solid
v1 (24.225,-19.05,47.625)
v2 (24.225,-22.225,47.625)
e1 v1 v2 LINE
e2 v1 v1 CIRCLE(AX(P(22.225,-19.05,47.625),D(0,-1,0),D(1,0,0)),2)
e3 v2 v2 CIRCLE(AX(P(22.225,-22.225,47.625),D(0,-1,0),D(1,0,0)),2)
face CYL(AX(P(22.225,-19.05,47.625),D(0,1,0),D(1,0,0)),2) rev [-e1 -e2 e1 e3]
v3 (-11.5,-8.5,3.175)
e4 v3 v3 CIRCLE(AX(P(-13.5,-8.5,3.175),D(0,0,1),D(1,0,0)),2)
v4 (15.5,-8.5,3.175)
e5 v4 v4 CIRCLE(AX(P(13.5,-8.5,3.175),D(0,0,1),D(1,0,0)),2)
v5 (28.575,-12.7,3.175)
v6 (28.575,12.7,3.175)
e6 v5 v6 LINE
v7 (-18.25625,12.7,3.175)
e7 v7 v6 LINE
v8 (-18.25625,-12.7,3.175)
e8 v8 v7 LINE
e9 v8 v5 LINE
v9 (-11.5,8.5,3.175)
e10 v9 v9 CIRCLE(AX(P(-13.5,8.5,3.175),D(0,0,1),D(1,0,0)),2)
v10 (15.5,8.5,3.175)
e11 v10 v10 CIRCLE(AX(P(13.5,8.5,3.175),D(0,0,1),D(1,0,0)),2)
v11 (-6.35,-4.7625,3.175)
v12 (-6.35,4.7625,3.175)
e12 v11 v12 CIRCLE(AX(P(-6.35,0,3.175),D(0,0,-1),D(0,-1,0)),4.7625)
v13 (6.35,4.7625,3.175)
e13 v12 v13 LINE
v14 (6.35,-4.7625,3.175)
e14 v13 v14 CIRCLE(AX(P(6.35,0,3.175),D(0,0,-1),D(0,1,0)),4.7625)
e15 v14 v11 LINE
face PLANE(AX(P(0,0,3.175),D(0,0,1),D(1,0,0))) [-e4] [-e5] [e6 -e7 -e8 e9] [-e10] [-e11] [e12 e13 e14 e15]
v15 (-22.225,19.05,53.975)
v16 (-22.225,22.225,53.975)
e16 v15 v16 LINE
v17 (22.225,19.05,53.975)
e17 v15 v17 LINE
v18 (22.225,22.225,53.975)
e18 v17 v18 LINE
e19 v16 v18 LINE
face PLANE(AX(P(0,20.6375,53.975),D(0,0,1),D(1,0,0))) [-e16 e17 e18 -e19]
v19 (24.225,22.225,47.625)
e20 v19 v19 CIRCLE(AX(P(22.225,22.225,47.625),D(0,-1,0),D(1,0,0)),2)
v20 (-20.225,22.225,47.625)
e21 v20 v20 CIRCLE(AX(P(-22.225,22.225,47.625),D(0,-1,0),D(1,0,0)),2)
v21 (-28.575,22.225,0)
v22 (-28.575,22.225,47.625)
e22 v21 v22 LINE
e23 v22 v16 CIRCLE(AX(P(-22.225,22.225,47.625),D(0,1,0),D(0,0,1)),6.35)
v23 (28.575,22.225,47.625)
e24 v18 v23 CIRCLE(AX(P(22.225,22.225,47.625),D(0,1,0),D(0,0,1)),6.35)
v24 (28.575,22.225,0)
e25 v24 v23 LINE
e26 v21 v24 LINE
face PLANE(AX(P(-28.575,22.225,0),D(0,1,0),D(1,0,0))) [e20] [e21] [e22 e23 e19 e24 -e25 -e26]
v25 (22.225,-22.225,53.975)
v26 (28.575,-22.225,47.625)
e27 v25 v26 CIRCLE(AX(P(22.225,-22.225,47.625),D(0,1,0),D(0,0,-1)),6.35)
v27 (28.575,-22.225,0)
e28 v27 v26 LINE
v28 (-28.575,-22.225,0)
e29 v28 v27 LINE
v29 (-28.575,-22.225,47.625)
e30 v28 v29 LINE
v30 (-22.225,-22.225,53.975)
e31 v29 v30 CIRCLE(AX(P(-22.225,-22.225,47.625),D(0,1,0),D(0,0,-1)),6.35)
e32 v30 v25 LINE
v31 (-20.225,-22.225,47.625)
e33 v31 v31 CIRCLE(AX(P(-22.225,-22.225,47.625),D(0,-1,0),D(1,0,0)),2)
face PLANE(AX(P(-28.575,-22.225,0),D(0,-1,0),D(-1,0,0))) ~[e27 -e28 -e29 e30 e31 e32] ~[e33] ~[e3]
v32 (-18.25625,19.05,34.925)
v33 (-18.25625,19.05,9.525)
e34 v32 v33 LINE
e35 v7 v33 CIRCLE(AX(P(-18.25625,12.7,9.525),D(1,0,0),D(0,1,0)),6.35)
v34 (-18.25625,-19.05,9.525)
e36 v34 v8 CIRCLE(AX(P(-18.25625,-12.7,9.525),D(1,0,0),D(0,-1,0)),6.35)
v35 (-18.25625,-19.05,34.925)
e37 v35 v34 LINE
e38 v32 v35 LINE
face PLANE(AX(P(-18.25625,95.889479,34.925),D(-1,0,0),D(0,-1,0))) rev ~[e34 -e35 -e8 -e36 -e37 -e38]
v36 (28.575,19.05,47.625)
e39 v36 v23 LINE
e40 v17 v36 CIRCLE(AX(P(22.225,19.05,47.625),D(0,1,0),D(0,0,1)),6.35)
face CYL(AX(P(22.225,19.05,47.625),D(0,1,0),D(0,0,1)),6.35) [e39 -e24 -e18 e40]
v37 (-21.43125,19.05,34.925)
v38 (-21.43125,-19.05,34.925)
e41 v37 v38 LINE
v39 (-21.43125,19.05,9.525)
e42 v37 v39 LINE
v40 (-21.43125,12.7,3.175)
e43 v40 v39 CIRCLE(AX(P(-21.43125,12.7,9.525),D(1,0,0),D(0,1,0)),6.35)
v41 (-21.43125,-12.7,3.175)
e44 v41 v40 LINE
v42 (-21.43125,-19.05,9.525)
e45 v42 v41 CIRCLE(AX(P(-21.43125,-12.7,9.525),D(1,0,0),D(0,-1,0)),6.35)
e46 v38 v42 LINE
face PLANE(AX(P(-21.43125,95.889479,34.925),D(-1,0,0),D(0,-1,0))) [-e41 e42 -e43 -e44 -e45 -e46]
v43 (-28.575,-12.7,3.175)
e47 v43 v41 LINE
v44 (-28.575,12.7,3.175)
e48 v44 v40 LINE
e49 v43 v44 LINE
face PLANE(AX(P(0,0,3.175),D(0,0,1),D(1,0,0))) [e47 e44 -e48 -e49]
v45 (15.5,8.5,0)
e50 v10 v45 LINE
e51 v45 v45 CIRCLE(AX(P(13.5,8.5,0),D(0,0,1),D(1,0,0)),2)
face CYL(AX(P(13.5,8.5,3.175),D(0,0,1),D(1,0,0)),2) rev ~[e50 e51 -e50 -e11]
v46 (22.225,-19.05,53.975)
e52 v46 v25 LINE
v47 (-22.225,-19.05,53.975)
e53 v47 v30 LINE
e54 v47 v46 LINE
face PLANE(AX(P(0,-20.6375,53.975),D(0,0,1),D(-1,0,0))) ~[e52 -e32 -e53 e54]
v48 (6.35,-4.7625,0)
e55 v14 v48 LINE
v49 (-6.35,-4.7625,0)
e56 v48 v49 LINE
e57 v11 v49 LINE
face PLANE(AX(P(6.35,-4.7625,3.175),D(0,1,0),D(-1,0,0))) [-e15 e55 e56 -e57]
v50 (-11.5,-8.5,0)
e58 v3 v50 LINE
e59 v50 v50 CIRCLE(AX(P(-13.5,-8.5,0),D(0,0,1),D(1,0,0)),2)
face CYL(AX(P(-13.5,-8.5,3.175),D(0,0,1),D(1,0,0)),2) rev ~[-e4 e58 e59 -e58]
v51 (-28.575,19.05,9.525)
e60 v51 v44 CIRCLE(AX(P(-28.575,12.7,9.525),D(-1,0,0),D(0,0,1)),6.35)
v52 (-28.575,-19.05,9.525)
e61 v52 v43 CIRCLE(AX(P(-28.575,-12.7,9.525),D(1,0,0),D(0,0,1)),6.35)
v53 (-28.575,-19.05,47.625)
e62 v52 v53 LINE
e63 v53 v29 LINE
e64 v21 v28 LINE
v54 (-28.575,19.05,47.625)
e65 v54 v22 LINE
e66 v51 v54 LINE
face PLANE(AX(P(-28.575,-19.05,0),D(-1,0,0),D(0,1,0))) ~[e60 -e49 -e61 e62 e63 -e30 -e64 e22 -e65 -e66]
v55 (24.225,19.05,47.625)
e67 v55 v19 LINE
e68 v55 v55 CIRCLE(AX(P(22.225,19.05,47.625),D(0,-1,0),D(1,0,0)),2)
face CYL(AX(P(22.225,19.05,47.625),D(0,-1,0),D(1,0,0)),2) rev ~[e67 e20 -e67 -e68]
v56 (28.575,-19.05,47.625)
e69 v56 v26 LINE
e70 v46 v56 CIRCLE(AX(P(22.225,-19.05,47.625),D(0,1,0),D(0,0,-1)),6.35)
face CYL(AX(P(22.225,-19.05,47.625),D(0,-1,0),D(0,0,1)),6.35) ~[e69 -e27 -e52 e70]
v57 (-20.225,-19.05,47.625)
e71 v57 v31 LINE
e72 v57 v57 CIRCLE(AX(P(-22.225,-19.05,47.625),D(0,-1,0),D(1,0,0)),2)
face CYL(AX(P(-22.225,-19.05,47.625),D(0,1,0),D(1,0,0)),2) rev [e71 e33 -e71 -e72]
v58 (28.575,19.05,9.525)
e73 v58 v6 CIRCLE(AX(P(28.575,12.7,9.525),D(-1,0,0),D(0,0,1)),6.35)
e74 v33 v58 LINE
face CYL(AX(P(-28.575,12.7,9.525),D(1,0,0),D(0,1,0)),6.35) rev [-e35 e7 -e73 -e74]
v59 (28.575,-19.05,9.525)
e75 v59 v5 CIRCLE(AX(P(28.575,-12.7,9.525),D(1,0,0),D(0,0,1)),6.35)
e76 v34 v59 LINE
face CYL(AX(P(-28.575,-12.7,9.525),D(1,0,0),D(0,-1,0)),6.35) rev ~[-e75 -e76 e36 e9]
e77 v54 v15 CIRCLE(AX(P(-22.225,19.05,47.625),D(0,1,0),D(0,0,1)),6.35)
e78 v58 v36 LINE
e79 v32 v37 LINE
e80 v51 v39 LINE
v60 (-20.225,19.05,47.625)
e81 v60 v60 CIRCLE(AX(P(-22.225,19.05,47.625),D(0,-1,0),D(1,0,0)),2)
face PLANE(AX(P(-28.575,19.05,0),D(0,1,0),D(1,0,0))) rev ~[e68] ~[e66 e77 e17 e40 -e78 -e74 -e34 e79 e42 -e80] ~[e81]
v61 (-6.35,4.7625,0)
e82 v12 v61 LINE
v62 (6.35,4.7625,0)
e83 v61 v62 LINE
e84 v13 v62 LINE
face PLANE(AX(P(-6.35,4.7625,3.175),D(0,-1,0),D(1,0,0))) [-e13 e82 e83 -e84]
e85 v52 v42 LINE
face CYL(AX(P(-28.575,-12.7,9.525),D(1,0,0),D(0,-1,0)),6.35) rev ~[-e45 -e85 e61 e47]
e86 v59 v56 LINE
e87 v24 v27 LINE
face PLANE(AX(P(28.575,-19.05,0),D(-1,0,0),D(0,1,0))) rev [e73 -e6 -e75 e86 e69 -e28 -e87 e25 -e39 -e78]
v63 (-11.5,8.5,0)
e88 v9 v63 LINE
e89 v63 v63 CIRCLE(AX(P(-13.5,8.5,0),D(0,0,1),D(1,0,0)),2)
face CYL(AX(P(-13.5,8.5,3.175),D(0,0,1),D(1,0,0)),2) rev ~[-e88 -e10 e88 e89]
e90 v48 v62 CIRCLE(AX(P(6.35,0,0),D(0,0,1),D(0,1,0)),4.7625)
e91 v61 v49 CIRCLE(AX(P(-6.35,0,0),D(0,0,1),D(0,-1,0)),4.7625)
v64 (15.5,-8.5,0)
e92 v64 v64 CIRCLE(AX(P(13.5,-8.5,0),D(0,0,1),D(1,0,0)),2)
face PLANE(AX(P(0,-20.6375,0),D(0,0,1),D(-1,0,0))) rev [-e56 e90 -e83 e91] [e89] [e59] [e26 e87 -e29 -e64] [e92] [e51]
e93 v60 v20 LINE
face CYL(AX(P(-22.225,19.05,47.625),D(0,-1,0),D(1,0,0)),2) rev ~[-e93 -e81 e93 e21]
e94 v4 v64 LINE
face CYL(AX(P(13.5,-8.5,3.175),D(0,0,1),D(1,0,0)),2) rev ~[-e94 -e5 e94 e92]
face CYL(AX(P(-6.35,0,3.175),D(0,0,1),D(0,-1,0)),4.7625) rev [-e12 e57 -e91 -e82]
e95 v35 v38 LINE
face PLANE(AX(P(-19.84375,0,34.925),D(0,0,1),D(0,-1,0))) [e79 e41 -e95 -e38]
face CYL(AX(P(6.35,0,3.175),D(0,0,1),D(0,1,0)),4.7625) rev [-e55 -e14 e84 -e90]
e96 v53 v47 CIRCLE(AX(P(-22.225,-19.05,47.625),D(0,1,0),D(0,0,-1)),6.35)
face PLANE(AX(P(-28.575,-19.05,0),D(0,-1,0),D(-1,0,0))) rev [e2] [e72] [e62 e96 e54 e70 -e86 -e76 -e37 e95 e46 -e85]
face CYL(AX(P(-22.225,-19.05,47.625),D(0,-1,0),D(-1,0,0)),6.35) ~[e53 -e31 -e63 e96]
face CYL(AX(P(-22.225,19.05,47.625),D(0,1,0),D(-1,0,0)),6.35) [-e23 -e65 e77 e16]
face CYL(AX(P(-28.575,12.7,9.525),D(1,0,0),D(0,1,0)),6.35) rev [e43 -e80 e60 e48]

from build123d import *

# Parameters (mm, degrees)
SKETCH1_W            = 57.15
SKETCH1_H            = 38.1
BOSS_EXTRUDE1_DEPTH  = 3.175
SKETCH2_R            = 2
CUT_EXTRUDE1_DEPTH   = 35.48932806
BOSS_EXTRUDE2_START  = -3.175
SKETCH3_W            = 57.15
SKETCH3_H            = 3.175
BOSS_EXTRUDE2_DEPTH  = 53.975
CUT_EXTRUDE2_REACH   = 73.982
SKETCH5_R            = 2
FILLET1_R            = 6.35
FILLET1_OF_MIRROR1_R = 6.35
RIB1_REACH           = 77.839
SKETCH7_WALL_W       = 191.77895835
SKETCH7_WALL_H       = 3.175


with BuildPart() as part:
    # Sketch1 → Boss-Extrude1 (new body)
    with BuildSketch(Plane.XY):
        Rectangle(SKETCH1_W, SKETCH1_H)
    extrude(amount=BOSS_EXTRUDE1_DEPTH)

    # Sketch2 → Cut-Extrude1 (cut, through all)
    with BuildSketch(Plane.XY.offset(3.175)):
        with Locations((-13.5, 8.5)):
            Circle(SKETCH2_R)
        with Locations((13.5, 8.5)):
            Circle(SKETCH2_R)
        with Locations((13.5, -8.5)):
            Circle(SKETCH2_R)
        with Locations((-13.5, -8.5)):
            Circle(SKETCH2_R)
        with BuildLine():
            Line((-6.35, 4.7625), (6.35, 4.7625))
            ThreePointArc((6.35, 4.7625), (11.1125, 0), (6.35, -4.7625))
            Line((6.35, -4.7625), (-6.35, -4.7625))
            ThreePointArc((-6.35, -4.7625), (-11.1125, 0), (-6.35, 4.7625))
        make_face()
    extrude(amount=-CUT_EXTRUDE1_DEPTH, mode=Mode.SUBTRACT)

    # Sketch3 → Boss-Extrude2 (add)
    with BuildSketch(Plane.XY.offset(3.175).offset(BOSS_EXTRUDE2_START)):
        with Locations((0, 20.6375)):
            Rectangle(SKETCH3_W, SKETCH3_H)
    boss_extrude2 = extrude(amount=BOSS_EXTRUDE2_DEPTH)

    # Sketch5 → Cut-Extrude2 (cut, up to next)
    with BuildSketch(Plane.XZ.offset(-19.05), mode=Mode.PRIVATE) as cut_extrude2_sk1:
        with Locations((-22.225, 47.625)):
            Circle(SKETCH5_R)
    cut_extrude2_tool1 = extrude(cut_extrude2_sk1.sketch, amount=-CUT_EXTRUDE2_REACH, mode=Mode.PRIVATE) & part.part
    # Sketch5 → Cut-Extrude2 (cut, up to next)
    with BuildSketch(Plane.XZ.offset(-19.05), mode=Mode.PRIVATE) as cut_extrude2_sk2:
        with Locations((22.225, 47.625)):
            Circle(SKETCH5_R)
    cut_extrude2_tool2 = extrude(cut_extrude2_sk2.sketch, amount=-CUT_EXTRUDE2_REACH, mode=Mode.PRIVATE) & part.part
    cut_extrude2_1 = cut_extrude2_tool1.solids().sort_by_distance((-22.225, 19.05, 47.625))[0]
    add(cut_extrude2_1, mode=Mode.SUBTRACT)
    cut_extrude2_2 = cut_extrude2_tool2.solids().sort_by_distance((22.225, 19.05, 47.625))[0]
    add(cut_extrude2_2, mode=Mode.SUBTRACT)
    cut_extrude2 = cut_extrude2_1 + cut_extrude2_2  # Cut-Extrude2 as one shape, for the pattern or mirror that repeats it

    # Fillet1
    fillet1_edges = [part.edges().sort_by_distance(p)[0] for p in [
        (28.575, 20.6375, 53.975),
        (-28.575, 20.6375, 53.975),
        (0, 19.05, 3.175),
    ]]
    fillet(fillet1_edges, radius=FILLET1_R)

    # Mirror1: Boss-Extrude2, Cut-Extrude2 across plane
    add(boss_extrude2.mirror(Plane.ZX))
    add(cut_extrude2.mirror(Plane.ZX), mode=Mode.SUBTRACT)

    # Fillet1 of Mirror1
    fillet1_of_mirror1_edges = [part.edges().sort_by_distance(p)[0] for p in [
        (28.575, -20.6375, 53.975),
        (-28.575, -20.6375, 53.975),
        (0, -19.05, 3.175),
    ]]
    fillet(fillet1_of_mirror1_edges, radius=FILLET1_OF_MIRROR1_R)

    # Sketch7 wall → Rib1 (add, up to next)
    with BuildSketch(Plane(origin=(-19.84375, 0, 34.925), x_dir=(0, -1, 0), z_dir=(0, 0, 1)), mode=Mode.PRIVATE) as rib1_sk1:
        Rectangle(SKETCH7_WALL_W, SKETCH7_WALL_H)
    rib1_tool1 = extrude(rib1_sk1.sketch, amount=-RIB1_REACH, mode=Mode.PRIVATE) - part.part
    add(rib1_tool1.solids().sort_by_distance((-19.84375, 0, 34.925))[0])


solid = part.part
